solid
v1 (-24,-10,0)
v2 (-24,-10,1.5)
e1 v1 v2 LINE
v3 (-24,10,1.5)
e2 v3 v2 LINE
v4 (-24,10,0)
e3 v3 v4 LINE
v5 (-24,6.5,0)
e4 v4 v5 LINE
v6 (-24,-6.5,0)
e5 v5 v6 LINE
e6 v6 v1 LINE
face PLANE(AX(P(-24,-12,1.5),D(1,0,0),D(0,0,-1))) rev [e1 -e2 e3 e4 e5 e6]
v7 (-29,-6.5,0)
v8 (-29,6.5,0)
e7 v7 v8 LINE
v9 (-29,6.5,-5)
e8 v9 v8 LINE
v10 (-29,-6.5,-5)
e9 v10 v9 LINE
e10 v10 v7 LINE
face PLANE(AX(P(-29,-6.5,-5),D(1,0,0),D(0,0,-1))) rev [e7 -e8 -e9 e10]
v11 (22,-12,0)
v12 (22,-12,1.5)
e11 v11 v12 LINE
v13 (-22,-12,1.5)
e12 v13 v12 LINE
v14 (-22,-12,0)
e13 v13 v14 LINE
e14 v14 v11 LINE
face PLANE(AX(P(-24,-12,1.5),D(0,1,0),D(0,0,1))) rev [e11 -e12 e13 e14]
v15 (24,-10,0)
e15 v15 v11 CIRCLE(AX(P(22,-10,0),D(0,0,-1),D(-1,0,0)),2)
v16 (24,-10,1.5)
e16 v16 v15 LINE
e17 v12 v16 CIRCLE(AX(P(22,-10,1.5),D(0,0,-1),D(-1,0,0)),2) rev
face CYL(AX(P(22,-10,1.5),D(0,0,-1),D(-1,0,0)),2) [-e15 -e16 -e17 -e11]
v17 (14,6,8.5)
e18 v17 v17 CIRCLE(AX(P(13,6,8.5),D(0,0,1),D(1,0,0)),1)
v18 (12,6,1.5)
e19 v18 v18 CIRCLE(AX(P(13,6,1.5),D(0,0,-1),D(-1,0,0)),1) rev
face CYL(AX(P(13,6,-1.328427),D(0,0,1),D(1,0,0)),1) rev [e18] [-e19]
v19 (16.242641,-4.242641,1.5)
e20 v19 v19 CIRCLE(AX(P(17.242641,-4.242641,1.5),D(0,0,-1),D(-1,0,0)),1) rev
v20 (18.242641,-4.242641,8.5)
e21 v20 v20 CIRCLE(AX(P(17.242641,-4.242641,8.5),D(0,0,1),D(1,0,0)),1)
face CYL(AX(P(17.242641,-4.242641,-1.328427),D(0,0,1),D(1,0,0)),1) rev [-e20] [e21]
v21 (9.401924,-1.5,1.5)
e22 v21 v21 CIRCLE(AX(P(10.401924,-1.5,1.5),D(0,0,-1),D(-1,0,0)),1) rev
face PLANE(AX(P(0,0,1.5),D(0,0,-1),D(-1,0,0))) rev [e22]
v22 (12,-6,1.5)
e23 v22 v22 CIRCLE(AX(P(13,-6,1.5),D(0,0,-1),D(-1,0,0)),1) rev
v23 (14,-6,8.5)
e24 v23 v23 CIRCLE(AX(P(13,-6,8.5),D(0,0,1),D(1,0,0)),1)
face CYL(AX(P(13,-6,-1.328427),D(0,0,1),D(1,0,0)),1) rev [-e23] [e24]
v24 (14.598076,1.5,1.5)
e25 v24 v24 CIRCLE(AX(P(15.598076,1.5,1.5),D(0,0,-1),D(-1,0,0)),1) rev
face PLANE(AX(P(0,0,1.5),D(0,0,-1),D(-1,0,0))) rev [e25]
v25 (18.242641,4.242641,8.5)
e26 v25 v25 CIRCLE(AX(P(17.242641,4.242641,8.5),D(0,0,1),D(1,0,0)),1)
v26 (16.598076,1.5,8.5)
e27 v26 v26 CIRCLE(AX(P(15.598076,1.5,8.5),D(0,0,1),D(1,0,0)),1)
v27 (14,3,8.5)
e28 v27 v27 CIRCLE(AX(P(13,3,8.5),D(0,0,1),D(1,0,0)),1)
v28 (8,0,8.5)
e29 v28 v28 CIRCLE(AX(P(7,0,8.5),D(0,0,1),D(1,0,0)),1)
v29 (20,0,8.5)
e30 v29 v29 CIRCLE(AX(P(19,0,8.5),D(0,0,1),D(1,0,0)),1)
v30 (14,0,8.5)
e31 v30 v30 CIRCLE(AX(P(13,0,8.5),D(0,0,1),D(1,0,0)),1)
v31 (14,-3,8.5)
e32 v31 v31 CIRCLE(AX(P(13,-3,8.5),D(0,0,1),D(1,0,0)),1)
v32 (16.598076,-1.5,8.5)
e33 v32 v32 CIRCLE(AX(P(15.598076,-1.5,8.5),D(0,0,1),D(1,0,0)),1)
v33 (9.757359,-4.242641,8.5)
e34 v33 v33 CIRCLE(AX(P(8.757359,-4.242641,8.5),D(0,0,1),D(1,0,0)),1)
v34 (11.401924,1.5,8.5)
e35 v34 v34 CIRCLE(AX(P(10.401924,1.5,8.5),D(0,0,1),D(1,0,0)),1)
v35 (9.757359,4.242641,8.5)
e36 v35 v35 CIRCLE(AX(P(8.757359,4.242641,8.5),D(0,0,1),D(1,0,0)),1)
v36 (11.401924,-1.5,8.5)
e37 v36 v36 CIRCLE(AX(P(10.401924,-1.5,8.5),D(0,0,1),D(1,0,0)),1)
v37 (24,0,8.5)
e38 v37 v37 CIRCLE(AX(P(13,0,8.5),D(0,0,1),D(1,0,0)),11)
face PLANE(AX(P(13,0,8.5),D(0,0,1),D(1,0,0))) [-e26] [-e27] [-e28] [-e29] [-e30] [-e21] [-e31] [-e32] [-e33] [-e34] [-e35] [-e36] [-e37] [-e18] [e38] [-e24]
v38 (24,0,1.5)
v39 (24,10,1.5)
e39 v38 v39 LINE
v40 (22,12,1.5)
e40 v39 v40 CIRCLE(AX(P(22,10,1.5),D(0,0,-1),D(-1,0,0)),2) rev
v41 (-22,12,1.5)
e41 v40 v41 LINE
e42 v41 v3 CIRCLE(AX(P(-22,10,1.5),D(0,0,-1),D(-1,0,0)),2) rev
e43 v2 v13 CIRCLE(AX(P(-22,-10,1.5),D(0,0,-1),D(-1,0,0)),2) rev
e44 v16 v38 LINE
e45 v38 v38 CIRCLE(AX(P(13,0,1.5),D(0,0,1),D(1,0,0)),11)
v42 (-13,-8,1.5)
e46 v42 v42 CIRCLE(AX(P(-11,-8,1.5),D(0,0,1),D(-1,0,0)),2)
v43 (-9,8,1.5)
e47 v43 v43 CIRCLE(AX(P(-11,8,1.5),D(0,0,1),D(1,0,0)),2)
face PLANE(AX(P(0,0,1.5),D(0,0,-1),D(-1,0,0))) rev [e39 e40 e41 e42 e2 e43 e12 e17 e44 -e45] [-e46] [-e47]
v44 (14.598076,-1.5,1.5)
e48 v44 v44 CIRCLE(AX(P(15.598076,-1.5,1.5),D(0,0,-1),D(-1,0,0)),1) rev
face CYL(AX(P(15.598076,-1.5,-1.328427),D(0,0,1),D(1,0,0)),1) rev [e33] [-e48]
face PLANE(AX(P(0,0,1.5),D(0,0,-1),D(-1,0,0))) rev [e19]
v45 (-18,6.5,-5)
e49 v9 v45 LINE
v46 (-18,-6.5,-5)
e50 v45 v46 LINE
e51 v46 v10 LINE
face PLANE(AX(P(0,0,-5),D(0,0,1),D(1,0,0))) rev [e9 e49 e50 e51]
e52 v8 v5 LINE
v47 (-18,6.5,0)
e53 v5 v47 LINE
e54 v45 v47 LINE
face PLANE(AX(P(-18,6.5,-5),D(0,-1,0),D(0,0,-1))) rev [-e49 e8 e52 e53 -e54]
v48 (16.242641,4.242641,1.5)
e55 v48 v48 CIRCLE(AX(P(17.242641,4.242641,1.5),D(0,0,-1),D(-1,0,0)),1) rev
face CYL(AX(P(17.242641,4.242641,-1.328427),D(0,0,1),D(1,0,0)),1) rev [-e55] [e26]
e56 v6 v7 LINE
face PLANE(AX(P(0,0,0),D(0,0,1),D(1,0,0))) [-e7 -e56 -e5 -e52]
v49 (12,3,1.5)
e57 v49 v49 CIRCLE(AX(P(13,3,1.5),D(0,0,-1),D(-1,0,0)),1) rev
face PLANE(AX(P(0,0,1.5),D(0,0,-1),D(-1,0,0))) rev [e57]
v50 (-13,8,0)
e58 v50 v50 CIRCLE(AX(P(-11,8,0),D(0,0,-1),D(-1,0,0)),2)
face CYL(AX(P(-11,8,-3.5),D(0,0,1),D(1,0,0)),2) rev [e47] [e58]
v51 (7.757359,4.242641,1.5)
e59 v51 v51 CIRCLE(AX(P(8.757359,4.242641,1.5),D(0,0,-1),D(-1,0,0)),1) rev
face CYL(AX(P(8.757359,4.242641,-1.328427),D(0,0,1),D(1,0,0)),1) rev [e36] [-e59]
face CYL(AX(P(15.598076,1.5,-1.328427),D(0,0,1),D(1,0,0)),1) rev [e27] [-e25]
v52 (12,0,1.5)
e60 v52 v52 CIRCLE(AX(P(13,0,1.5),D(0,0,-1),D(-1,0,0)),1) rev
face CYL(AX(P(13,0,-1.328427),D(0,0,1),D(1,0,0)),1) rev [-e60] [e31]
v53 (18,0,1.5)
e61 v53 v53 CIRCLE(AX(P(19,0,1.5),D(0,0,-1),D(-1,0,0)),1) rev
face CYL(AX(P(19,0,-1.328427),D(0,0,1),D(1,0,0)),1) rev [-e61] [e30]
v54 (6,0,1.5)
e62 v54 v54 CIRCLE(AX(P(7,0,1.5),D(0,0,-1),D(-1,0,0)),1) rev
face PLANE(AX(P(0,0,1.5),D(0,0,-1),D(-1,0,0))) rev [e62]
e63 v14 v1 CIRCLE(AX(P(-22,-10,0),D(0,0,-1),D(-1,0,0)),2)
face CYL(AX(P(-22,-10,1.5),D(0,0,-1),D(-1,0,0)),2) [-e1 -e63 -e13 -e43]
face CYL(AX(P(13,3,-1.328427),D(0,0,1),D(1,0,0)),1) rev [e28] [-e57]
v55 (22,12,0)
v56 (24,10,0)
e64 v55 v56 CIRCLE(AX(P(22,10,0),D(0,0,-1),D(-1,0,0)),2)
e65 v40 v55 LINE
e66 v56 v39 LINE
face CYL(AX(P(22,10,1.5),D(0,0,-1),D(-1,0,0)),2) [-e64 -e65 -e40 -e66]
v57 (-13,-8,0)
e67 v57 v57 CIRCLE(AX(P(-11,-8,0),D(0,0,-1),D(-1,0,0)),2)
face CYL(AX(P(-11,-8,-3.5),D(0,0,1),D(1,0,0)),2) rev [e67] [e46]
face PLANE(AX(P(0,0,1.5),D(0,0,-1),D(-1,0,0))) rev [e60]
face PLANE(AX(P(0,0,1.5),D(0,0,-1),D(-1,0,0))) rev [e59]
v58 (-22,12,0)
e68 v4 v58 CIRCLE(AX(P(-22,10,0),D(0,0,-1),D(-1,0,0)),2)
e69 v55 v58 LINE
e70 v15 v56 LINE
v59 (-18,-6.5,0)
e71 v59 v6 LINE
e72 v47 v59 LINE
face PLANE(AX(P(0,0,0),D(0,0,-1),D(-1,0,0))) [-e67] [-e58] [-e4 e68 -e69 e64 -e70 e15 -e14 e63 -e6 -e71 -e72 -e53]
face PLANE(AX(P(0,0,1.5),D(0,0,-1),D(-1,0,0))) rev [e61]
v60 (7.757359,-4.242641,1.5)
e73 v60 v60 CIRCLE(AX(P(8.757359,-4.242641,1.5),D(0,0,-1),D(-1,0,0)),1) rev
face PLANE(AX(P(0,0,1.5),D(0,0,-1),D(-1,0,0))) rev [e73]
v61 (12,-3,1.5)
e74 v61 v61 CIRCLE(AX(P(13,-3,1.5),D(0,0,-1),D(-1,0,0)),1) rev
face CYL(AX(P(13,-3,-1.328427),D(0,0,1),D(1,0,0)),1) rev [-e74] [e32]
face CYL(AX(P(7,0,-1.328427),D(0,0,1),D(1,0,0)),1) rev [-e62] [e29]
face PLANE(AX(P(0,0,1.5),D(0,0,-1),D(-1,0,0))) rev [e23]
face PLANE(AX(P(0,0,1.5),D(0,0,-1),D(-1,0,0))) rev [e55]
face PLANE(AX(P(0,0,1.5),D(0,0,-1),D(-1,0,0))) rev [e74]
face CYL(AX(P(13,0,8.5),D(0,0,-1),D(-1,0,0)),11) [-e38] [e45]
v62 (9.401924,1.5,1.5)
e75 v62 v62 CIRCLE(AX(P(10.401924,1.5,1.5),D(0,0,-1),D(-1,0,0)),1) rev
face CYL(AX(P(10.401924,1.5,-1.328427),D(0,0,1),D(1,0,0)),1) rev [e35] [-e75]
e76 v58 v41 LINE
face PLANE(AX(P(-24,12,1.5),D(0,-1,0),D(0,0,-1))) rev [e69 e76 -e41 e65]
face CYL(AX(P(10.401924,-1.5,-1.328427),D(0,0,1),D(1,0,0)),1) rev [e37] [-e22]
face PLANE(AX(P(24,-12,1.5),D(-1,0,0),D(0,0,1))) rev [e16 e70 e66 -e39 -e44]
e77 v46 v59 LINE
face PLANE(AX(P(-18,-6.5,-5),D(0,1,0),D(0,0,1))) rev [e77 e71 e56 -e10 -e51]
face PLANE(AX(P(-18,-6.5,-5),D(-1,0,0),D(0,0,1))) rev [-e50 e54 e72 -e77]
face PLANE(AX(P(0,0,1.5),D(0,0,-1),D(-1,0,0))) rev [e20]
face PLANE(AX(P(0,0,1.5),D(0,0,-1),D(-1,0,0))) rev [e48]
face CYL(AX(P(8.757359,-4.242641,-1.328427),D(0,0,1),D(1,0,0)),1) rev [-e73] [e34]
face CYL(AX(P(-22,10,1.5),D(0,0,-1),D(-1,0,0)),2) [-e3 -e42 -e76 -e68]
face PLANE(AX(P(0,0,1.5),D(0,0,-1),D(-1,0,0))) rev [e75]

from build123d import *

# Parameters (mm, degrees)
SKETCH_1_W          = 48
SKETCH_1_H          = 24
EXTRUDE_1_DEPTH     = 1.5
FILLET_1_R          = 2
SKETCH_2_R          = 11
EXTRUDE_2_DEPTH     = 7
SKETCH_3_W          = 11
SKETCH_3_H          = 13
EXTRUDE_3_DEPTH     = 5
SKETCH_4_R          = 2
CUT_EXTRUDE_1_DEPTH = 5
SKETCH_5_R          = 1
CUT_EXTRUDE_2_DEPTH = 7


with BuildPart() as part:
    # 草图1 → 凸台-拉伸1 (new body)
    with BuildSketch(Plane.XY):
        Rectangle(SKETCH_1_W, SKETCH_1_H)
    extrude(amount=EXTRUDE_1_DEPTH)

    # 圆角1
    fillet_1_edges = [part.edges().sort_by_distance(p)[0] for p in [
        (24, -12, 0.75),
        (-24, -12, 0.75),
        (-24, 12, 0.75),
        (24, 12, 0.75),
    ]]
    fillet(fillet_1_edges, radius=FILLET_1_R)

    # 草图2 → 凸台-拉伸2 (add)
    with BuildSketch(Plane.XY.offset(1.5)):
        with Locations((13, 0)):
            Circle(SKETCH_2_R)
    extrude(amount=EXTRUDE_2_DEPTH)

    # 草图3 → 凸台-拉伸3 (add)
    with BuildSketch(Plane(origin=(0, 0, 0), x_dir=(-1, 0, 0), z_dir=(0, 0, -1))):
        with Locations((23.5, 0)):
            Rectangle(SKETCH_3_W, SKETCH_3_H)
    extrude(amount=EXTRUDE_3_DEPTH)

    # 草图4 → 切除-拉伸1 (cut)
    with BuildSketch(Plane.XY.offset(1.5)):
        with Locations((-11, 8)):
            Circle(SKETCH_4_R)
        with Locations(Location((-11, -8, 0), (0, 0, 180))):
            Circle(SKETCH_4_R)
    extrude(amount=-CUT_EXTRUDE_1_DEPTH, mode=Mode.SUBTRACT)

    # 草图5 → 切除-拉伸2 (cut)
    with BuildSketch(Plane.XY.offset(8.5)):
        with Locations((13, 0)):
            Circle(SKETCH_5_R)
        with Locations((13, 3)):
            Circle(SKETCH_5_R)
        with Locations((7, 0)):
            Circle(SKETCH_5_R)
        with Locations((15.598076211, 1.5)):
            Circle(SKETCH_5_R)
        with Locations((15.598076211, -1.5)):
            Circle(SKETCH_5_R)
        with Locations((13, -3)):
            Circle(SKETCH_5_R)
        with Locations((10.401923789, -1.5)):
            Circle(SKETCH_5_R)
        with Locations((10.401923789, 1.5)):
            Circle(SKETCH_5_R)
        with Locations((8.757359313, 4.242640687)):
            Circle(SKETCH_5_R)
        with Locations((13, 6)):
            Circle(SKETCH_5_R)
        with Locations((17.242640687, 4.242640687)):
            Circle(SKETCH_5_R)
        with Locations((19, 0)):
            Circle(SKETCH_5_R)
        with Locations((17.242640687, -4.242640687)):
            Circle(SKETCH_5_R)
        with Locations((13, -6)):
            Circle(SKETCH_5_R)
        with Locations((8.757359313, -4.242640687)):
            Circle(SKETCH_5_R)
    extrude(amount=-CUT_EXTRUDE_2_DEPTH, mode=Mode.SUBTRACT)


solid = part.part
